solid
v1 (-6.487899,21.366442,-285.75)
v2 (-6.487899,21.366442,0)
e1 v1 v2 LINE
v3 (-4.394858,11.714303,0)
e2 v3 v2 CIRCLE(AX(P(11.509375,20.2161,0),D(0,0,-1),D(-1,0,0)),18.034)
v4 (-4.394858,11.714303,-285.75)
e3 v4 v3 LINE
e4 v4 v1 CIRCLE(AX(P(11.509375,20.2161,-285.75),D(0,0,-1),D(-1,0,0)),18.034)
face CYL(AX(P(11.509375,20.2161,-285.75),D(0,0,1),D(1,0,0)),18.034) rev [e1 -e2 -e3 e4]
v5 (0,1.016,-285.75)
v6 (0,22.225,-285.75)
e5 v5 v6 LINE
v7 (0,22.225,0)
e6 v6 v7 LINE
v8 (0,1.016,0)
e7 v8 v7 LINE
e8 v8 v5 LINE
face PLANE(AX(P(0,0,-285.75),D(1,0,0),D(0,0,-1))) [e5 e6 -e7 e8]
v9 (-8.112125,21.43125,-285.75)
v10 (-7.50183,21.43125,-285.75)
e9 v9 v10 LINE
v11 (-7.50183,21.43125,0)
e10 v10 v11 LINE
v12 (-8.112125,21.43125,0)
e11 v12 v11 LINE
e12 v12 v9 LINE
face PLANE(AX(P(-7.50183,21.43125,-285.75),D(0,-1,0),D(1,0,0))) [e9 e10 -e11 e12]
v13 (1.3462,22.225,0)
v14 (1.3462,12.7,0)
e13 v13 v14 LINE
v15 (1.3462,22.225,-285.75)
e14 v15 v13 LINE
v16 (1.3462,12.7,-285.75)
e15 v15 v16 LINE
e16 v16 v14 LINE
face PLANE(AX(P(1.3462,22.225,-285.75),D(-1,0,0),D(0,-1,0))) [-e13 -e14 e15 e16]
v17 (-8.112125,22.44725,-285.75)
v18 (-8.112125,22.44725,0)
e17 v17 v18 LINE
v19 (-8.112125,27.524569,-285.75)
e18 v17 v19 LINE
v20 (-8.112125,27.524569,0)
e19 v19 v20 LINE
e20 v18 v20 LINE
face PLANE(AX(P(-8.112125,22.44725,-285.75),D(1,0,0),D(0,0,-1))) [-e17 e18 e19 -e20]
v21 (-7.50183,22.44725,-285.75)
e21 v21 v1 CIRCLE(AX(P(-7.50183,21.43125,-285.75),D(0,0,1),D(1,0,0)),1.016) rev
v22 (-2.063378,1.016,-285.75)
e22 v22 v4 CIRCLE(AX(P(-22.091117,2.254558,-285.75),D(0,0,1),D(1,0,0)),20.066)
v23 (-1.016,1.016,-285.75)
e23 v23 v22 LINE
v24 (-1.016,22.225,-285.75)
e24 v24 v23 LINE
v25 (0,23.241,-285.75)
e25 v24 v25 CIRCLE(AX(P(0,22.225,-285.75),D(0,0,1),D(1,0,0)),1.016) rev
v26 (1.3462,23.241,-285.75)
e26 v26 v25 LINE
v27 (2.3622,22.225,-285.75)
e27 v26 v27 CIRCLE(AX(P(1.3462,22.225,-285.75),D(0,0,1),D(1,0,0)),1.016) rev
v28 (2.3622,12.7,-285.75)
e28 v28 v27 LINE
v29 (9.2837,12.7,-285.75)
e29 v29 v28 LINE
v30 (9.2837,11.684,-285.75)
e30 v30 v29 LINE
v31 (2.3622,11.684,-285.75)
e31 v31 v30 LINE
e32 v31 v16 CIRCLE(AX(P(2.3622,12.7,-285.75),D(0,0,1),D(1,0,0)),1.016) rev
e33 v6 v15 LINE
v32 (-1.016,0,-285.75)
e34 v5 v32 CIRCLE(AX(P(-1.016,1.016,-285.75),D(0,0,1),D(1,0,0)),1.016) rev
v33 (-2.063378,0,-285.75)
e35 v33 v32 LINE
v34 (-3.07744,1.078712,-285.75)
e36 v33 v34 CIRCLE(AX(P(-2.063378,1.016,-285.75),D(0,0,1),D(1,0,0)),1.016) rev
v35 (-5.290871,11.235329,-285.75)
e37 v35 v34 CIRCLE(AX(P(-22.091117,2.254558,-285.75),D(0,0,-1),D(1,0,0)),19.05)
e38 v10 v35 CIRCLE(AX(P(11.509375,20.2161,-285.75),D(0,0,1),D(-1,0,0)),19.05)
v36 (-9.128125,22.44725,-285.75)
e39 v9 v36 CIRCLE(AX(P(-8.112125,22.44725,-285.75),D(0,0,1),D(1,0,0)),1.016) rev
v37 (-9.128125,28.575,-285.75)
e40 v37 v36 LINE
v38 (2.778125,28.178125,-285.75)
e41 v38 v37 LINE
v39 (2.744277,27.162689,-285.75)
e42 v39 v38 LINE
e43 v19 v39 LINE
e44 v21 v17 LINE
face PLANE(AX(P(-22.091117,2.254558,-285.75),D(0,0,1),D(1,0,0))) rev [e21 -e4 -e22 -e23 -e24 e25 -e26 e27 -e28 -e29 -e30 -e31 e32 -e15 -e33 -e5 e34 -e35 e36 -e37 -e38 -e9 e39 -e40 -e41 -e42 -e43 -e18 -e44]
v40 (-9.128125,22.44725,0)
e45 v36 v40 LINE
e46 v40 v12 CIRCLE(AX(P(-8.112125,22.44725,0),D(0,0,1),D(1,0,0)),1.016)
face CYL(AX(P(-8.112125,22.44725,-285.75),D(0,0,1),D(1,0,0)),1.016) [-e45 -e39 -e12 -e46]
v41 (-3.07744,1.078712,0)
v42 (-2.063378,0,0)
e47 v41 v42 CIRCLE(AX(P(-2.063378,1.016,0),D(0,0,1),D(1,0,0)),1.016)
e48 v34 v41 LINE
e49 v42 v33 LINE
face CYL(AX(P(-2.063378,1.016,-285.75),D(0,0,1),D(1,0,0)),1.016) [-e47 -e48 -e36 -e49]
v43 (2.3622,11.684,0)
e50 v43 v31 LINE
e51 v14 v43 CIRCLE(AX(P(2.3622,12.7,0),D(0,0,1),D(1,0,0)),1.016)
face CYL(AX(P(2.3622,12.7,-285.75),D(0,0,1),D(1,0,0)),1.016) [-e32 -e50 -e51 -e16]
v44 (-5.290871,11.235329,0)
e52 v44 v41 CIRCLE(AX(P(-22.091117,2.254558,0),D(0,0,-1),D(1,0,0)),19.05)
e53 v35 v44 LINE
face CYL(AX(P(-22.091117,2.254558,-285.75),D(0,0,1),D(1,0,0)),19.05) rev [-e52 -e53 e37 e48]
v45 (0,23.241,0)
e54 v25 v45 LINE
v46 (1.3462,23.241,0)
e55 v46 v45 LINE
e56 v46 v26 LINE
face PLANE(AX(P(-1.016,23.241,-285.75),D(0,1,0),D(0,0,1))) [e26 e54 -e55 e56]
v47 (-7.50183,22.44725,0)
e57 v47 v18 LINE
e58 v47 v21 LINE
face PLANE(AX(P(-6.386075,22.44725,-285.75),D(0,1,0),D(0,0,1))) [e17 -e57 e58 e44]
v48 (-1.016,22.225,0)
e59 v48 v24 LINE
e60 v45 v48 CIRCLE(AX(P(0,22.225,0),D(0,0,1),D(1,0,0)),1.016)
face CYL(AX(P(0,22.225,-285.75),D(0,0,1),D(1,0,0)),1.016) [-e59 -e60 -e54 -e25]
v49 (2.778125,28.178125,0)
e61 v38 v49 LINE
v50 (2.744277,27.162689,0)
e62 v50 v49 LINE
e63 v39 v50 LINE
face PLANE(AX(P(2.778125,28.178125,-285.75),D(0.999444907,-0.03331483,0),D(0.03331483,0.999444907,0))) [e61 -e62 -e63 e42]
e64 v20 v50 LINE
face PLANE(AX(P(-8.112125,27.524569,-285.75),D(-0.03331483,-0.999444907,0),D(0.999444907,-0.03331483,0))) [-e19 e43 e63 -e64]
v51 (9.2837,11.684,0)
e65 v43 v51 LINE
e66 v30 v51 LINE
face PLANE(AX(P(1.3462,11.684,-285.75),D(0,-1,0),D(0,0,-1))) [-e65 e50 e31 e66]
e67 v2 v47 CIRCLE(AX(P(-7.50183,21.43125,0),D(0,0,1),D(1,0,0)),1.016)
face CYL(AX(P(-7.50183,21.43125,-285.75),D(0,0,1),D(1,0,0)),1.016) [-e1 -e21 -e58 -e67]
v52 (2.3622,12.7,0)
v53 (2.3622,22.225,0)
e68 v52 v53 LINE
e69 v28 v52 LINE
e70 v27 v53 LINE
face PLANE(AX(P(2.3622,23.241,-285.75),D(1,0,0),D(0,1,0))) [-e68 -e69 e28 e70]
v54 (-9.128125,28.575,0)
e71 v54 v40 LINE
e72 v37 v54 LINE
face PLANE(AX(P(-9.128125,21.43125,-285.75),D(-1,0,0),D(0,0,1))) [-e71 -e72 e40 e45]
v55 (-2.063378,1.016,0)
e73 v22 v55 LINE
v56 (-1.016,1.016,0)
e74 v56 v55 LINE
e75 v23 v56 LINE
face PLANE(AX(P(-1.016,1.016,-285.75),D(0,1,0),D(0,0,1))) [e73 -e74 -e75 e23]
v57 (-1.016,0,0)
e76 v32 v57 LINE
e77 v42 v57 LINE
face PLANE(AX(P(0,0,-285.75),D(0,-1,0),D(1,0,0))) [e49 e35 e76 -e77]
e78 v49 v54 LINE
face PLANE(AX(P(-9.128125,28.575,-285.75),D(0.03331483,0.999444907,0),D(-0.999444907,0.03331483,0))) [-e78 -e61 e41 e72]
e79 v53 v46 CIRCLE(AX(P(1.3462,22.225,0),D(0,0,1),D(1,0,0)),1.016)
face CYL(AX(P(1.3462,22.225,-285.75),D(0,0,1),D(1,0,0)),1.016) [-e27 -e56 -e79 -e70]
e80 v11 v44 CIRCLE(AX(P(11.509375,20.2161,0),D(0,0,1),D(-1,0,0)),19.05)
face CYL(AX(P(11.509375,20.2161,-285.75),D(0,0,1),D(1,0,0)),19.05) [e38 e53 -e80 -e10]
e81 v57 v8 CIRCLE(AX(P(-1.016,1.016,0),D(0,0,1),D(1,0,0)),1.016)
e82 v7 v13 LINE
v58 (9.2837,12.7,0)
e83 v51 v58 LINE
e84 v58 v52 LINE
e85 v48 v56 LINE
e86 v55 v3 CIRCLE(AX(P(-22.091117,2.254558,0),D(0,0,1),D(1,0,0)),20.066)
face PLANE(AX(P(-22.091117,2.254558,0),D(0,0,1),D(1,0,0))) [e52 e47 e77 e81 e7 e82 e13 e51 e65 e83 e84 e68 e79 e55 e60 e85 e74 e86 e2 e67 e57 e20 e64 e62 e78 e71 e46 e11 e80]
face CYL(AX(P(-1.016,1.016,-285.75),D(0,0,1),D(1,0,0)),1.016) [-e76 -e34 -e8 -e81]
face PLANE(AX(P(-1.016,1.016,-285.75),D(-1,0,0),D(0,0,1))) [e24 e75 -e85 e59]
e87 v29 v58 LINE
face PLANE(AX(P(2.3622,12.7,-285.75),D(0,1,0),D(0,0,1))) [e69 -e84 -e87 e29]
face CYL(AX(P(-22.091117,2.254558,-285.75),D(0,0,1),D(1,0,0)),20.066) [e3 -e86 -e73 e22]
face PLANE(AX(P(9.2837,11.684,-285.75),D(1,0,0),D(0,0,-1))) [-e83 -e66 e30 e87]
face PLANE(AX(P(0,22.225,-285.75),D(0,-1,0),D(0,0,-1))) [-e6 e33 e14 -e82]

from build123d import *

# Parameters (mm, degrees)
BOSS_EXTRUDE1_DEPTH = 285.75
FILLET1_R           = 1.016


with BuildPart() as part:
    # Sketch1 → Boss-Extrude1 (new body)
    with BuildSketch(Plane.XY):
        with BuildLine():
            Line((0, 0), (0, 22.225))
            Line((0, 22.225), (1.3462, 22.225))
            Line((1.3462, 22.225), (1.3462, 11.684))
            Line((1.3462, 11.684), (9.2837, 11.684))
            Line((9.2837, 11.684), (9.2837, 12.7))
            Line((9.2837, 12.7), (2.3622, 12.7))
            Line((2.3622, 12.7), (2.3622, 23.241))
            Line((2.3622, 23.241), (-1.016, 23.241))
            Line((-1.016, 23.241), (-1.016, 1.016))
            Line((-1.016, 1.016), (-2.063377597, 1.016))
            ThreePointArc((-2.063377597, 1.016), (-2.48529022, 6.527253883), (-4.39485769, 11.714303305))
            ThreePointArc((-4.39485769, 11.714303305), (-6.222056703, 16.926496827), (-6.386074797, 22.44725))
            Line((-6.386074797, 22.44725), (-8.112125, 22.44725))
            Line((-8.112125, 22.44725), (-8.112125, 27.524569046))
            Line((-8.112125, 27.524569046), (2.744277132, 27.162688975))
            Line((2.744277132, 27.162688975), (2.778125, 28.178125))
            Line((2.778125, 28.178125), (-9.128125, 28.575))
            Line((-9.128125, 28.575), (-9.128125, 21.43125))
            Line((-9.128125, 21.43125), (-7.501829835, 21.43125))
            ThreePointArc((-7.501829835, 21.43125), (-7.107934178, 16.178984322), (-5.290870799, 11.235328872))
            ThreePointArc((-5.290870799, 11.235328872), (-3.370198099, 5.780137709), (-3.175, 0))
            Line((-3.175, 0), (0, 0))
        make_face()
    extrude(amount=-BOSS_EXTRUDE1_DEPTH)

    # Fillet1
    fillet1_edges = [part.edges().sort_by_distance(p)[0] for p in [
        (-3.175, 0, -142.875),
        (-9.128125, 21.43125, -142.875),
        (-6.386074797, 22.44725, -142.875),
        (-1.016, 23.241, -142.875),
        (2.3622, 23.241, -142.875),
        (1.3462, 11.684, -142.875),
        (0, 0, -142.875),
    ]]
    fillet(fillet1_edges, radius=FILLET1_R)


solid = part.part
